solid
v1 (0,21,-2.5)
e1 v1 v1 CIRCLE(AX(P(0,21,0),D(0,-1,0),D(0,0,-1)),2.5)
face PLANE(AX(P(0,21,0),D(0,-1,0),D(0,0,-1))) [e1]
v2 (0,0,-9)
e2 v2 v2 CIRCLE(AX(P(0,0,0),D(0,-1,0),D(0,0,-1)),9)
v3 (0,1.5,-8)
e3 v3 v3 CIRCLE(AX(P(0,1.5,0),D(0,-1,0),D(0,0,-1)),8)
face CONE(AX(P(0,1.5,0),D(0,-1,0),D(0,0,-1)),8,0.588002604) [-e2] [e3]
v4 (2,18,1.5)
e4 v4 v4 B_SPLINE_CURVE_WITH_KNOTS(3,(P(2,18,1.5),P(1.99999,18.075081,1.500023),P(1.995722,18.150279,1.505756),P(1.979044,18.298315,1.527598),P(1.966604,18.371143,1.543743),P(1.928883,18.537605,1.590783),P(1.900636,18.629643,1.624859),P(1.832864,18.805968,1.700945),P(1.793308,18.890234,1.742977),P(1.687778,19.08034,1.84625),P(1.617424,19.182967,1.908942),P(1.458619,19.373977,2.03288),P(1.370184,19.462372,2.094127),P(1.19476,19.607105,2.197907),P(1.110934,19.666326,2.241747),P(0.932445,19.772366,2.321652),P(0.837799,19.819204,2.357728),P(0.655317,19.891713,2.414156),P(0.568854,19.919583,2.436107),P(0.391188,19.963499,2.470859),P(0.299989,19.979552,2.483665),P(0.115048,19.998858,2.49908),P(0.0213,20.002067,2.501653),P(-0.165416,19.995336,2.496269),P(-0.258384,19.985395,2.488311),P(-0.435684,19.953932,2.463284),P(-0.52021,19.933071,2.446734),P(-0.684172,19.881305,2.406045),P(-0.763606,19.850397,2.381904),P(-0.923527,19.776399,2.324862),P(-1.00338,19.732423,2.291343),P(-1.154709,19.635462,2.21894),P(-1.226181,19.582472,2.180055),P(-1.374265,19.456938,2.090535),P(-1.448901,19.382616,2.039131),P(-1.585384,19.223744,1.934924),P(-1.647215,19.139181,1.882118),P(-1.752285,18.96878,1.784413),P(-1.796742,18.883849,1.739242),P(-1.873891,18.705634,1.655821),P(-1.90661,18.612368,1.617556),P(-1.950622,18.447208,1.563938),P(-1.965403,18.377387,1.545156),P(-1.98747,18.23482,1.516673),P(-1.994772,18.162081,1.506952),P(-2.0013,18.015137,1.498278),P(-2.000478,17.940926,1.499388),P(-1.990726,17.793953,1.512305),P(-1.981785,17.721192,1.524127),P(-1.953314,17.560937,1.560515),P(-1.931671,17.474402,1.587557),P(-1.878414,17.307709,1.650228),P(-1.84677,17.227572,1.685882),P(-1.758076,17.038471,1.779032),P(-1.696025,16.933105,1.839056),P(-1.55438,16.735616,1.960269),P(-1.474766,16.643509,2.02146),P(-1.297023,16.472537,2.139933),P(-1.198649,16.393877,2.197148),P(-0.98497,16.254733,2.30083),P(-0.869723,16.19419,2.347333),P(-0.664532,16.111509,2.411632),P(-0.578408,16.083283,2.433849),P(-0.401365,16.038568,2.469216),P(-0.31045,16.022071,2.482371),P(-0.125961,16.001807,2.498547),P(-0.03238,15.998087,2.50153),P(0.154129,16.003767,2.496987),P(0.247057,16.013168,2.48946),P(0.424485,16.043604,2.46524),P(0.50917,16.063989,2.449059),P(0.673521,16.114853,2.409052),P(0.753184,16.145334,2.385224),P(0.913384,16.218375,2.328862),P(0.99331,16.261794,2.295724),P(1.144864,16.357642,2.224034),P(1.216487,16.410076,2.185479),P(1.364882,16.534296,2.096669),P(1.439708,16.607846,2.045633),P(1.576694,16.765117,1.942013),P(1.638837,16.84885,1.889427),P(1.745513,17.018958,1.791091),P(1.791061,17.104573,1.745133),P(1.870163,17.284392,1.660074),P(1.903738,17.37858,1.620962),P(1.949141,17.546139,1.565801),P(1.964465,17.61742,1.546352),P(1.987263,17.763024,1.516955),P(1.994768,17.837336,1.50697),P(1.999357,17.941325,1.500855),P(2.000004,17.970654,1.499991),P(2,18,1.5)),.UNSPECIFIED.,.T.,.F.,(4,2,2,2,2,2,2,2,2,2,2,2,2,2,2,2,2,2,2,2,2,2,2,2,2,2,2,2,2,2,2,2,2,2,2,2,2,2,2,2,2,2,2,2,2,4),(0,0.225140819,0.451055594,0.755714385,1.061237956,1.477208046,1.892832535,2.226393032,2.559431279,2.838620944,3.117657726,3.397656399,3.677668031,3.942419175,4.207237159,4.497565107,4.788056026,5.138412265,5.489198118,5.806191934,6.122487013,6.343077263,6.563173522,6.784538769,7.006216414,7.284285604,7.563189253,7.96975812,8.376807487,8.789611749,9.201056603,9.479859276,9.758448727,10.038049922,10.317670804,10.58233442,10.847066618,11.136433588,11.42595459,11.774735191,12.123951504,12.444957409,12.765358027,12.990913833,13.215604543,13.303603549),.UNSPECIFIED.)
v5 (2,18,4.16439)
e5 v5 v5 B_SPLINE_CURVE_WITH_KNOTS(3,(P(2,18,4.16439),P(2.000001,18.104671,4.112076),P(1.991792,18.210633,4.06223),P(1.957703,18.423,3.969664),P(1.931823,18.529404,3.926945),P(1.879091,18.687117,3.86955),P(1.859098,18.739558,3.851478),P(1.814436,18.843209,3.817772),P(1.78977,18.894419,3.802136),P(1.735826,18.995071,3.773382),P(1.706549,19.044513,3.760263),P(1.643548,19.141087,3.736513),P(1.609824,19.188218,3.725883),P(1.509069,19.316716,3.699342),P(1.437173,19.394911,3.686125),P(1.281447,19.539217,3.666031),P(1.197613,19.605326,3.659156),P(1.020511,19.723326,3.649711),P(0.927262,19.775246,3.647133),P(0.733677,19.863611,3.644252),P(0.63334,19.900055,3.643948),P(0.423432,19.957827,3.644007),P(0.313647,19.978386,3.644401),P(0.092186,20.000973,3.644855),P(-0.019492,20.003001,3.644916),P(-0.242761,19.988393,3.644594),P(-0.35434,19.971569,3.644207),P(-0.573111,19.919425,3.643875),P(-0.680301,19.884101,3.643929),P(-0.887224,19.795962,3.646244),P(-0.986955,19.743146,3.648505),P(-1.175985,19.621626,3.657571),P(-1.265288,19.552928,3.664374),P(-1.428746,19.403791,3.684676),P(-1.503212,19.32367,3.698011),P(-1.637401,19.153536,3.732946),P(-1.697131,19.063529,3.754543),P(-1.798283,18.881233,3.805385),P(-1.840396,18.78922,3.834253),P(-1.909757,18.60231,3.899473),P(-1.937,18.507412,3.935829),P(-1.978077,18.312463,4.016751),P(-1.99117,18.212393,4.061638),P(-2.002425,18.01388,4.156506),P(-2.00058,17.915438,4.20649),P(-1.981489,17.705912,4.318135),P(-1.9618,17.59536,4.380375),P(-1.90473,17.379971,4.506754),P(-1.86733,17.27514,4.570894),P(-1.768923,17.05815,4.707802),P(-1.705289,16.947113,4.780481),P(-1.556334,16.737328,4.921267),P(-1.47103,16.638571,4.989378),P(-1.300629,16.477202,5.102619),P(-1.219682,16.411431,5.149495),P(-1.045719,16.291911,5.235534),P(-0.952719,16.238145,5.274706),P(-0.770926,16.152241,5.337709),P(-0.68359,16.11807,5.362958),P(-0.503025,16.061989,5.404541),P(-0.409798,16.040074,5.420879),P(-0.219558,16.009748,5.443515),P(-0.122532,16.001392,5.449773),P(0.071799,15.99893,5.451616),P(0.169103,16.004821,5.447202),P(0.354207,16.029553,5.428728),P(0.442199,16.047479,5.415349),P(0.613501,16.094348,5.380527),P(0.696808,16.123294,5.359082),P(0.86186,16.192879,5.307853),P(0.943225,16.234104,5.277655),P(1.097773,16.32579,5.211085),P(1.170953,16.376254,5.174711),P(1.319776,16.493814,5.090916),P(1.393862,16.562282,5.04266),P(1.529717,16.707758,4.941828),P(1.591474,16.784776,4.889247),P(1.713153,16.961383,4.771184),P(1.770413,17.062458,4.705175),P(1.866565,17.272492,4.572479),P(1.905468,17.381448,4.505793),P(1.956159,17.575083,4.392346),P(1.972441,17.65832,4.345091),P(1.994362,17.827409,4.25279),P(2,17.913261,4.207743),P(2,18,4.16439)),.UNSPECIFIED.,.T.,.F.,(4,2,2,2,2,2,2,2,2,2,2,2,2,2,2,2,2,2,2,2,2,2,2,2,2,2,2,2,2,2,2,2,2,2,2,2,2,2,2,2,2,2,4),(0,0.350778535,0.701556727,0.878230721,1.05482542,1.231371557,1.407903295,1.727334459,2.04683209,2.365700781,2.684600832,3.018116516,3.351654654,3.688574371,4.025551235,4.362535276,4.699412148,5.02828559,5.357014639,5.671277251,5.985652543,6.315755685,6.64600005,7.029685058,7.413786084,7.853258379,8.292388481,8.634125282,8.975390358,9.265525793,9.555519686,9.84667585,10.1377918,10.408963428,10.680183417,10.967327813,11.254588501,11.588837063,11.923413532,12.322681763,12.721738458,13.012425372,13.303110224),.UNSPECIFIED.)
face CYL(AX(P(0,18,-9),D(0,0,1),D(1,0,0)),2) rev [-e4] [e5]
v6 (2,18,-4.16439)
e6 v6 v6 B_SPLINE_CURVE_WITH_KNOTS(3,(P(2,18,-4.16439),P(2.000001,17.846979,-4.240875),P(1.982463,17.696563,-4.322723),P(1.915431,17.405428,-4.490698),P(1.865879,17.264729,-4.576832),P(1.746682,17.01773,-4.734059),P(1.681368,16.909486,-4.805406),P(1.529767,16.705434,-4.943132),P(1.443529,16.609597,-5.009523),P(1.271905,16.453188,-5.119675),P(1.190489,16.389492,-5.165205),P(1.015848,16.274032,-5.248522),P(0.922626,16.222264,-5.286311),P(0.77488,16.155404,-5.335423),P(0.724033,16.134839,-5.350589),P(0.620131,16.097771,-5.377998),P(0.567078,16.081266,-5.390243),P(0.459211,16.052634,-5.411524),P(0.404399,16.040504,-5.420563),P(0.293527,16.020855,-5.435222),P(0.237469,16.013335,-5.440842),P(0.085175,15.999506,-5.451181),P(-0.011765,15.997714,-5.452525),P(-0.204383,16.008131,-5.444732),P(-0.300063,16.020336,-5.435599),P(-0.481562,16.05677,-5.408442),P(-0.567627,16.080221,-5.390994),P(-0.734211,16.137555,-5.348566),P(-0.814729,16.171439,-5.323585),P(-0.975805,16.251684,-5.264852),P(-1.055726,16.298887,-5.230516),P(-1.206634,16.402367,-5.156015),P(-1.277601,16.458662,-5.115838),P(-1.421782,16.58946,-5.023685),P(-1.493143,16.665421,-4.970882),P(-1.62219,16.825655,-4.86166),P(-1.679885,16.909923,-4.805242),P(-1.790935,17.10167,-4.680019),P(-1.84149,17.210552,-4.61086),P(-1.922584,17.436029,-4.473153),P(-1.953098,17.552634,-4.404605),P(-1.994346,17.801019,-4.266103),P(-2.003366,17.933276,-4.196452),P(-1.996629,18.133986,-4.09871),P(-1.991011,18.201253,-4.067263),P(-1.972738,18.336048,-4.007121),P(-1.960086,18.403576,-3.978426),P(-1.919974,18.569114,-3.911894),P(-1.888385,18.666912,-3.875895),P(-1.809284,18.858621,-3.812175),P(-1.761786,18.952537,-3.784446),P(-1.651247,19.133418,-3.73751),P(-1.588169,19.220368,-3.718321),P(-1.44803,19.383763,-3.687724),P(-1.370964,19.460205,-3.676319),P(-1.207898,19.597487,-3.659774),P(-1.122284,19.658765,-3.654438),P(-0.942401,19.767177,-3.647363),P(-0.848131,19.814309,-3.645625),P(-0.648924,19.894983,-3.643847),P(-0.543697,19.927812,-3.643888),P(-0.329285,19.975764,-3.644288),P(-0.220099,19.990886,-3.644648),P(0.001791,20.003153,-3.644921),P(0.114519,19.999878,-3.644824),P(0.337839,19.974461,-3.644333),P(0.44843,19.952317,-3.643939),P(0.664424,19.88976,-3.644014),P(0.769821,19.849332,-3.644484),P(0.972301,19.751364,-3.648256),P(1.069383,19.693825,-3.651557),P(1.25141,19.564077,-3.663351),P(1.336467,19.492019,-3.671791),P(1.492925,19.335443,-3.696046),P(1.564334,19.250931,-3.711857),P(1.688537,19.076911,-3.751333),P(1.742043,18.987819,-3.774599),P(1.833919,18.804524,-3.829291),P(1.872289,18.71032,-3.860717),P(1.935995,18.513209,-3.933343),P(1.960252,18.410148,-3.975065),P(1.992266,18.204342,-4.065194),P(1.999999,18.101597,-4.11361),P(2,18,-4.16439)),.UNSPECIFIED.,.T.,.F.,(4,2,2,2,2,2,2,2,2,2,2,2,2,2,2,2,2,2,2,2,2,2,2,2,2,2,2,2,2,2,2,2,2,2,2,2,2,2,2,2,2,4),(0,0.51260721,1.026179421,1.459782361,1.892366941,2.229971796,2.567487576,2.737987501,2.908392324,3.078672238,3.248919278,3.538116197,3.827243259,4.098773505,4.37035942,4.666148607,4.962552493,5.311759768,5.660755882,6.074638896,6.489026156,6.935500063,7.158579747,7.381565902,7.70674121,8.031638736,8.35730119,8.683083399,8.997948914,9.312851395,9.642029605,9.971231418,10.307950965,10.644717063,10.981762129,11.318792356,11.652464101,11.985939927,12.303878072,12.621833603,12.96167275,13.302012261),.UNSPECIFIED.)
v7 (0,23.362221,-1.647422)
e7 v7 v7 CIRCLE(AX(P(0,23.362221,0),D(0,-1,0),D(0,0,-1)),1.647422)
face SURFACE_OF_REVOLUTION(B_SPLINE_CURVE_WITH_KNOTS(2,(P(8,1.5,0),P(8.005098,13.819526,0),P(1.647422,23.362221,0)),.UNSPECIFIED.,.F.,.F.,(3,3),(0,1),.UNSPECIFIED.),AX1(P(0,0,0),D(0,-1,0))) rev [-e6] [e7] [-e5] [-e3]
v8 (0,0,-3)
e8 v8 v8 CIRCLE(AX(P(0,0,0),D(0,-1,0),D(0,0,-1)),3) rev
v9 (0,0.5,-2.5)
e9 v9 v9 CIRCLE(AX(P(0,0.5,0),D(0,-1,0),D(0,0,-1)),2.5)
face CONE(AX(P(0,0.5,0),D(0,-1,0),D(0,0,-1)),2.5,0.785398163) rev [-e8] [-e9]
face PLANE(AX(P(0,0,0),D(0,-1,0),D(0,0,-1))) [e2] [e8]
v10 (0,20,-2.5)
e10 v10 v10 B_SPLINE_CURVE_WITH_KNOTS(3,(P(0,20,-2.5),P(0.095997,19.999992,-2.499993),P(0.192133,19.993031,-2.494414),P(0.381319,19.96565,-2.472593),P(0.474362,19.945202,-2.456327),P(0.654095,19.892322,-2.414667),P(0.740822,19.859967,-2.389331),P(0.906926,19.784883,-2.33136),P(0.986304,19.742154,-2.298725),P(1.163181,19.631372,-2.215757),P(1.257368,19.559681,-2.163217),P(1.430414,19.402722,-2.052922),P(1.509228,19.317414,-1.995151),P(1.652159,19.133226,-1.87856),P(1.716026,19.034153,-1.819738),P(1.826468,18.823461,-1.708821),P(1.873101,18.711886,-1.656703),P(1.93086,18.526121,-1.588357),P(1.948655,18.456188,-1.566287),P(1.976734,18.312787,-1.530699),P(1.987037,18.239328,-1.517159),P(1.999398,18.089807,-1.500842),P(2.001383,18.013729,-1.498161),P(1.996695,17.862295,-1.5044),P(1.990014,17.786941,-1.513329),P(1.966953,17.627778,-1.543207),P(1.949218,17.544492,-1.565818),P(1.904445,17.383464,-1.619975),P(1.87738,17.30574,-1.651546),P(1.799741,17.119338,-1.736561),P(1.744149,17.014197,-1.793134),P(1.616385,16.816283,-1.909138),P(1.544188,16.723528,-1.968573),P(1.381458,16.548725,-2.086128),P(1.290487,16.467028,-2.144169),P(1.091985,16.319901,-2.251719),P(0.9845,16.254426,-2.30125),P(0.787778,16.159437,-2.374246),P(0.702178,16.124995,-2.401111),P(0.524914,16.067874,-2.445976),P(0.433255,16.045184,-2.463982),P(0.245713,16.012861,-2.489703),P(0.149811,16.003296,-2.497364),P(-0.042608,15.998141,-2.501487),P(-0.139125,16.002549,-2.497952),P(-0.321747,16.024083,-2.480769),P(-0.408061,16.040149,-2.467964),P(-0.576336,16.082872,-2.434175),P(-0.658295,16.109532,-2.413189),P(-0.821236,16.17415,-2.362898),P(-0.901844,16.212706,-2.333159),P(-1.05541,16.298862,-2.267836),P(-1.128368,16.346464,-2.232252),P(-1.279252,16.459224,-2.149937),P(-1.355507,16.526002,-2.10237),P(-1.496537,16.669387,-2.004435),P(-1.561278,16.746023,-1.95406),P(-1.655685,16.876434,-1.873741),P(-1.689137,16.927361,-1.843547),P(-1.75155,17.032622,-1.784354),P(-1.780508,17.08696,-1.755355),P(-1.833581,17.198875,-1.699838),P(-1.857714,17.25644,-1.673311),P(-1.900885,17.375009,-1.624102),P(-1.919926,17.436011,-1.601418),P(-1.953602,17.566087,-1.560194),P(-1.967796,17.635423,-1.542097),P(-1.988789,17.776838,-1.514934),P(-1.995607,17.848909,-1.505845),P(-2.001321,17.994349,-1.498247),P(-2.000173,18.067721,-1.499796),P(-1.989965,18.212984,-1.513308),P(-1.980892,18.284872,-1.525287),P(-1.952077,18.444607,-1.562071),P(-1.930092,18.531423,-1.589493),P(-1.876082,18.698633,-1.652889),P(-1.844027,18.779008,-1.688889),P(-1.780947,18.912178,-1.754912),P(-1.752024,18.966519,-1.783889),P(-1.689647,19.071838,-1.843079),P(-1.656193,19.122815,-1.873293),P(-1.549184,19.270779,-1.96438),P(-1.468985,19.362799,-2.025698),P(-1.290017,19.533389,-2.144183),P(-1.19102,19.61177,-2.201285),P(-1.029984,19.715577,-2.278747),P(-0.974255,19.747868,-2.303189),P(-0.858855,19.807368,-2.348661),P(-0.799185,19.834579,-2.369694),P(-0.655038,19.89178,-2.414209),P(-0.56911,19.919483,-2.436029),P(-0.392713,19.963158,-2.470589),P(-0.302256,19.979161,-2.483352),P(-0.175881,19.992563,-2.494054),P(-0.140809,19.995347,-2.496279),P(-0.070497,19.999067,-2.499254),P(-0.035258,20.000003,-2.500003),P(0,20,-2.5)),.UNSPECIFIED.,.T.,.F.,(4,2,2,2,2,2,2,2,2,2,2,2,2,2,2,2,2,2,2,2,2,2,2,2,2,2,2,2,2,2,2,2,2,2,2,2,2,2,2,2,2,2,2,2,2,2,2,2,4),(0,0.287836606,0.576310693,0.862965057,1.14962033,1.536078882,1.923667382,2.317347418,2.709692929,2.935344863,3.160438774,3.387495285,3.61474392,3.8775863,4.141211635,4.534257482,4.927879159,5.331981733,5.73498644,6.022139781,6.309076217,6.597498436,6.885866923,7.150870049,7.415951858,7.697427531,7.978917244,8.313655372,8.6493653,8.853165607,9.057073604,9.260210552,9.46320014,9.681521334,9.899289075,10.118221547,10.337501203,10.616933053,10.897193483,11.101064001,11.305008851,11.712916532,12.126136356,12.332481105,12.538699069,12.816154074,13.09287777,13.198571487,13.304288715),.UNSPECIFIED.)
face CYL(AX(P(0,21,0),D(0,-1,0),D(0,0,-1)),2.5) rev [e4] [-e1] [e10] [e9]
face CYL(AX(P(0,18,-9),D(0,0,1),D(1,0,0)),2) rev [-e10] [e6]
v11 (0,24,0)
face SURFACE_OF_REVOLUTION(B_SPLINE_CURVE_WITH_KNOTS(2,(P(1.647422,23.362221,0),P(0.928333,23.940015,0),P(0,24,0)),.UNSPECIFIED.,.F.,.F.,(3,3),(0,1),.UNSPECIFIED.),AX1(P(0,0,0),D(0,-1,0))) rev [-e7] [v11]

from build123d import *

# Parameters (mm, degrees)
SKETCH3_R               = 2.5
CUT_EXTRUDE1_DEPTH      = 21
CHAMFER1_SIZE           = 0.5
CUT_EXTRUDE2_DEPTH      = 28.166155503
CUT_EXTRUDE2_DEPTH_BACK = 28.166155503
SKETCH4_R               = 2


with BuildPart() as part:
    # Sketch2 → Revolve1 (revolve)
    with BuildSketch(Plane.XY, mode=Mode.PRIVATE) as revolve1_sk:
        with BuildLine():
            add(Edge.make_bspline(
                [(8, 1.5), (8.005098379, 13.819525591), (1.647422345, 23.362221291)],
                knots=[0, 0, 0, 1, 1, 1], degree=2))
            add(Edge.make_bspline(
                [(1.647422345, 23.362221291), (0.928333001, 23.940015195), (0, 24)],
                knots=[0, 0, 0, 1, 1, 1], degree=2))
            Line((0, 24), (0, 1.5))
            Line((0, 1.5), (8, 1.5))
        make_face()
        Polygon((0, 0), (0, 1.5), (8, 1.5), (9, 0), align=None)
    revolve(revolve1_sk.sketch.rotate(Axis((0, 0, 0), (0, 1, 0)), 90), axis=Axis((0, 0, 0), (0, 1, 0)))

    # Sketch3 → Cut-Extrude1 (cut)
    with BuildSketch(Plane.XZ):
        with Locations(Location((0, 0, 0), (0, 0, 270))):
            Circle(SKETCH3_R)
    extrude(amount=-CUT_EXTRUDE1_DEPTH, mode=Mode.SUBTRACT)

    # Chamfer1
    chamfer1_edges = [part.edges().sort_by_distance(p)[0] for p in [
        (0, 0, 2.5),
    ]]
    chamfer(chamfer1_edges, length=CHAMFER1_SIZE)

    # Sketch4 → Cut-Extrude2 (cut, two sides: drawn at the far end of the back side and taken through both)
    with BuildSketch(Plane.XY.offset(-CUT_EXTRUDE2_DEPTH_BACK)):
        with Locations((0, 18)):
            Circle(SKETCH4_R)
    extrude(amount=CUT_EXTRUDE2_DEPTH + CUT_EXTRUDE2_DEPTH_BACK, mode=Mode.SUBTRACT)


solid = part.part
